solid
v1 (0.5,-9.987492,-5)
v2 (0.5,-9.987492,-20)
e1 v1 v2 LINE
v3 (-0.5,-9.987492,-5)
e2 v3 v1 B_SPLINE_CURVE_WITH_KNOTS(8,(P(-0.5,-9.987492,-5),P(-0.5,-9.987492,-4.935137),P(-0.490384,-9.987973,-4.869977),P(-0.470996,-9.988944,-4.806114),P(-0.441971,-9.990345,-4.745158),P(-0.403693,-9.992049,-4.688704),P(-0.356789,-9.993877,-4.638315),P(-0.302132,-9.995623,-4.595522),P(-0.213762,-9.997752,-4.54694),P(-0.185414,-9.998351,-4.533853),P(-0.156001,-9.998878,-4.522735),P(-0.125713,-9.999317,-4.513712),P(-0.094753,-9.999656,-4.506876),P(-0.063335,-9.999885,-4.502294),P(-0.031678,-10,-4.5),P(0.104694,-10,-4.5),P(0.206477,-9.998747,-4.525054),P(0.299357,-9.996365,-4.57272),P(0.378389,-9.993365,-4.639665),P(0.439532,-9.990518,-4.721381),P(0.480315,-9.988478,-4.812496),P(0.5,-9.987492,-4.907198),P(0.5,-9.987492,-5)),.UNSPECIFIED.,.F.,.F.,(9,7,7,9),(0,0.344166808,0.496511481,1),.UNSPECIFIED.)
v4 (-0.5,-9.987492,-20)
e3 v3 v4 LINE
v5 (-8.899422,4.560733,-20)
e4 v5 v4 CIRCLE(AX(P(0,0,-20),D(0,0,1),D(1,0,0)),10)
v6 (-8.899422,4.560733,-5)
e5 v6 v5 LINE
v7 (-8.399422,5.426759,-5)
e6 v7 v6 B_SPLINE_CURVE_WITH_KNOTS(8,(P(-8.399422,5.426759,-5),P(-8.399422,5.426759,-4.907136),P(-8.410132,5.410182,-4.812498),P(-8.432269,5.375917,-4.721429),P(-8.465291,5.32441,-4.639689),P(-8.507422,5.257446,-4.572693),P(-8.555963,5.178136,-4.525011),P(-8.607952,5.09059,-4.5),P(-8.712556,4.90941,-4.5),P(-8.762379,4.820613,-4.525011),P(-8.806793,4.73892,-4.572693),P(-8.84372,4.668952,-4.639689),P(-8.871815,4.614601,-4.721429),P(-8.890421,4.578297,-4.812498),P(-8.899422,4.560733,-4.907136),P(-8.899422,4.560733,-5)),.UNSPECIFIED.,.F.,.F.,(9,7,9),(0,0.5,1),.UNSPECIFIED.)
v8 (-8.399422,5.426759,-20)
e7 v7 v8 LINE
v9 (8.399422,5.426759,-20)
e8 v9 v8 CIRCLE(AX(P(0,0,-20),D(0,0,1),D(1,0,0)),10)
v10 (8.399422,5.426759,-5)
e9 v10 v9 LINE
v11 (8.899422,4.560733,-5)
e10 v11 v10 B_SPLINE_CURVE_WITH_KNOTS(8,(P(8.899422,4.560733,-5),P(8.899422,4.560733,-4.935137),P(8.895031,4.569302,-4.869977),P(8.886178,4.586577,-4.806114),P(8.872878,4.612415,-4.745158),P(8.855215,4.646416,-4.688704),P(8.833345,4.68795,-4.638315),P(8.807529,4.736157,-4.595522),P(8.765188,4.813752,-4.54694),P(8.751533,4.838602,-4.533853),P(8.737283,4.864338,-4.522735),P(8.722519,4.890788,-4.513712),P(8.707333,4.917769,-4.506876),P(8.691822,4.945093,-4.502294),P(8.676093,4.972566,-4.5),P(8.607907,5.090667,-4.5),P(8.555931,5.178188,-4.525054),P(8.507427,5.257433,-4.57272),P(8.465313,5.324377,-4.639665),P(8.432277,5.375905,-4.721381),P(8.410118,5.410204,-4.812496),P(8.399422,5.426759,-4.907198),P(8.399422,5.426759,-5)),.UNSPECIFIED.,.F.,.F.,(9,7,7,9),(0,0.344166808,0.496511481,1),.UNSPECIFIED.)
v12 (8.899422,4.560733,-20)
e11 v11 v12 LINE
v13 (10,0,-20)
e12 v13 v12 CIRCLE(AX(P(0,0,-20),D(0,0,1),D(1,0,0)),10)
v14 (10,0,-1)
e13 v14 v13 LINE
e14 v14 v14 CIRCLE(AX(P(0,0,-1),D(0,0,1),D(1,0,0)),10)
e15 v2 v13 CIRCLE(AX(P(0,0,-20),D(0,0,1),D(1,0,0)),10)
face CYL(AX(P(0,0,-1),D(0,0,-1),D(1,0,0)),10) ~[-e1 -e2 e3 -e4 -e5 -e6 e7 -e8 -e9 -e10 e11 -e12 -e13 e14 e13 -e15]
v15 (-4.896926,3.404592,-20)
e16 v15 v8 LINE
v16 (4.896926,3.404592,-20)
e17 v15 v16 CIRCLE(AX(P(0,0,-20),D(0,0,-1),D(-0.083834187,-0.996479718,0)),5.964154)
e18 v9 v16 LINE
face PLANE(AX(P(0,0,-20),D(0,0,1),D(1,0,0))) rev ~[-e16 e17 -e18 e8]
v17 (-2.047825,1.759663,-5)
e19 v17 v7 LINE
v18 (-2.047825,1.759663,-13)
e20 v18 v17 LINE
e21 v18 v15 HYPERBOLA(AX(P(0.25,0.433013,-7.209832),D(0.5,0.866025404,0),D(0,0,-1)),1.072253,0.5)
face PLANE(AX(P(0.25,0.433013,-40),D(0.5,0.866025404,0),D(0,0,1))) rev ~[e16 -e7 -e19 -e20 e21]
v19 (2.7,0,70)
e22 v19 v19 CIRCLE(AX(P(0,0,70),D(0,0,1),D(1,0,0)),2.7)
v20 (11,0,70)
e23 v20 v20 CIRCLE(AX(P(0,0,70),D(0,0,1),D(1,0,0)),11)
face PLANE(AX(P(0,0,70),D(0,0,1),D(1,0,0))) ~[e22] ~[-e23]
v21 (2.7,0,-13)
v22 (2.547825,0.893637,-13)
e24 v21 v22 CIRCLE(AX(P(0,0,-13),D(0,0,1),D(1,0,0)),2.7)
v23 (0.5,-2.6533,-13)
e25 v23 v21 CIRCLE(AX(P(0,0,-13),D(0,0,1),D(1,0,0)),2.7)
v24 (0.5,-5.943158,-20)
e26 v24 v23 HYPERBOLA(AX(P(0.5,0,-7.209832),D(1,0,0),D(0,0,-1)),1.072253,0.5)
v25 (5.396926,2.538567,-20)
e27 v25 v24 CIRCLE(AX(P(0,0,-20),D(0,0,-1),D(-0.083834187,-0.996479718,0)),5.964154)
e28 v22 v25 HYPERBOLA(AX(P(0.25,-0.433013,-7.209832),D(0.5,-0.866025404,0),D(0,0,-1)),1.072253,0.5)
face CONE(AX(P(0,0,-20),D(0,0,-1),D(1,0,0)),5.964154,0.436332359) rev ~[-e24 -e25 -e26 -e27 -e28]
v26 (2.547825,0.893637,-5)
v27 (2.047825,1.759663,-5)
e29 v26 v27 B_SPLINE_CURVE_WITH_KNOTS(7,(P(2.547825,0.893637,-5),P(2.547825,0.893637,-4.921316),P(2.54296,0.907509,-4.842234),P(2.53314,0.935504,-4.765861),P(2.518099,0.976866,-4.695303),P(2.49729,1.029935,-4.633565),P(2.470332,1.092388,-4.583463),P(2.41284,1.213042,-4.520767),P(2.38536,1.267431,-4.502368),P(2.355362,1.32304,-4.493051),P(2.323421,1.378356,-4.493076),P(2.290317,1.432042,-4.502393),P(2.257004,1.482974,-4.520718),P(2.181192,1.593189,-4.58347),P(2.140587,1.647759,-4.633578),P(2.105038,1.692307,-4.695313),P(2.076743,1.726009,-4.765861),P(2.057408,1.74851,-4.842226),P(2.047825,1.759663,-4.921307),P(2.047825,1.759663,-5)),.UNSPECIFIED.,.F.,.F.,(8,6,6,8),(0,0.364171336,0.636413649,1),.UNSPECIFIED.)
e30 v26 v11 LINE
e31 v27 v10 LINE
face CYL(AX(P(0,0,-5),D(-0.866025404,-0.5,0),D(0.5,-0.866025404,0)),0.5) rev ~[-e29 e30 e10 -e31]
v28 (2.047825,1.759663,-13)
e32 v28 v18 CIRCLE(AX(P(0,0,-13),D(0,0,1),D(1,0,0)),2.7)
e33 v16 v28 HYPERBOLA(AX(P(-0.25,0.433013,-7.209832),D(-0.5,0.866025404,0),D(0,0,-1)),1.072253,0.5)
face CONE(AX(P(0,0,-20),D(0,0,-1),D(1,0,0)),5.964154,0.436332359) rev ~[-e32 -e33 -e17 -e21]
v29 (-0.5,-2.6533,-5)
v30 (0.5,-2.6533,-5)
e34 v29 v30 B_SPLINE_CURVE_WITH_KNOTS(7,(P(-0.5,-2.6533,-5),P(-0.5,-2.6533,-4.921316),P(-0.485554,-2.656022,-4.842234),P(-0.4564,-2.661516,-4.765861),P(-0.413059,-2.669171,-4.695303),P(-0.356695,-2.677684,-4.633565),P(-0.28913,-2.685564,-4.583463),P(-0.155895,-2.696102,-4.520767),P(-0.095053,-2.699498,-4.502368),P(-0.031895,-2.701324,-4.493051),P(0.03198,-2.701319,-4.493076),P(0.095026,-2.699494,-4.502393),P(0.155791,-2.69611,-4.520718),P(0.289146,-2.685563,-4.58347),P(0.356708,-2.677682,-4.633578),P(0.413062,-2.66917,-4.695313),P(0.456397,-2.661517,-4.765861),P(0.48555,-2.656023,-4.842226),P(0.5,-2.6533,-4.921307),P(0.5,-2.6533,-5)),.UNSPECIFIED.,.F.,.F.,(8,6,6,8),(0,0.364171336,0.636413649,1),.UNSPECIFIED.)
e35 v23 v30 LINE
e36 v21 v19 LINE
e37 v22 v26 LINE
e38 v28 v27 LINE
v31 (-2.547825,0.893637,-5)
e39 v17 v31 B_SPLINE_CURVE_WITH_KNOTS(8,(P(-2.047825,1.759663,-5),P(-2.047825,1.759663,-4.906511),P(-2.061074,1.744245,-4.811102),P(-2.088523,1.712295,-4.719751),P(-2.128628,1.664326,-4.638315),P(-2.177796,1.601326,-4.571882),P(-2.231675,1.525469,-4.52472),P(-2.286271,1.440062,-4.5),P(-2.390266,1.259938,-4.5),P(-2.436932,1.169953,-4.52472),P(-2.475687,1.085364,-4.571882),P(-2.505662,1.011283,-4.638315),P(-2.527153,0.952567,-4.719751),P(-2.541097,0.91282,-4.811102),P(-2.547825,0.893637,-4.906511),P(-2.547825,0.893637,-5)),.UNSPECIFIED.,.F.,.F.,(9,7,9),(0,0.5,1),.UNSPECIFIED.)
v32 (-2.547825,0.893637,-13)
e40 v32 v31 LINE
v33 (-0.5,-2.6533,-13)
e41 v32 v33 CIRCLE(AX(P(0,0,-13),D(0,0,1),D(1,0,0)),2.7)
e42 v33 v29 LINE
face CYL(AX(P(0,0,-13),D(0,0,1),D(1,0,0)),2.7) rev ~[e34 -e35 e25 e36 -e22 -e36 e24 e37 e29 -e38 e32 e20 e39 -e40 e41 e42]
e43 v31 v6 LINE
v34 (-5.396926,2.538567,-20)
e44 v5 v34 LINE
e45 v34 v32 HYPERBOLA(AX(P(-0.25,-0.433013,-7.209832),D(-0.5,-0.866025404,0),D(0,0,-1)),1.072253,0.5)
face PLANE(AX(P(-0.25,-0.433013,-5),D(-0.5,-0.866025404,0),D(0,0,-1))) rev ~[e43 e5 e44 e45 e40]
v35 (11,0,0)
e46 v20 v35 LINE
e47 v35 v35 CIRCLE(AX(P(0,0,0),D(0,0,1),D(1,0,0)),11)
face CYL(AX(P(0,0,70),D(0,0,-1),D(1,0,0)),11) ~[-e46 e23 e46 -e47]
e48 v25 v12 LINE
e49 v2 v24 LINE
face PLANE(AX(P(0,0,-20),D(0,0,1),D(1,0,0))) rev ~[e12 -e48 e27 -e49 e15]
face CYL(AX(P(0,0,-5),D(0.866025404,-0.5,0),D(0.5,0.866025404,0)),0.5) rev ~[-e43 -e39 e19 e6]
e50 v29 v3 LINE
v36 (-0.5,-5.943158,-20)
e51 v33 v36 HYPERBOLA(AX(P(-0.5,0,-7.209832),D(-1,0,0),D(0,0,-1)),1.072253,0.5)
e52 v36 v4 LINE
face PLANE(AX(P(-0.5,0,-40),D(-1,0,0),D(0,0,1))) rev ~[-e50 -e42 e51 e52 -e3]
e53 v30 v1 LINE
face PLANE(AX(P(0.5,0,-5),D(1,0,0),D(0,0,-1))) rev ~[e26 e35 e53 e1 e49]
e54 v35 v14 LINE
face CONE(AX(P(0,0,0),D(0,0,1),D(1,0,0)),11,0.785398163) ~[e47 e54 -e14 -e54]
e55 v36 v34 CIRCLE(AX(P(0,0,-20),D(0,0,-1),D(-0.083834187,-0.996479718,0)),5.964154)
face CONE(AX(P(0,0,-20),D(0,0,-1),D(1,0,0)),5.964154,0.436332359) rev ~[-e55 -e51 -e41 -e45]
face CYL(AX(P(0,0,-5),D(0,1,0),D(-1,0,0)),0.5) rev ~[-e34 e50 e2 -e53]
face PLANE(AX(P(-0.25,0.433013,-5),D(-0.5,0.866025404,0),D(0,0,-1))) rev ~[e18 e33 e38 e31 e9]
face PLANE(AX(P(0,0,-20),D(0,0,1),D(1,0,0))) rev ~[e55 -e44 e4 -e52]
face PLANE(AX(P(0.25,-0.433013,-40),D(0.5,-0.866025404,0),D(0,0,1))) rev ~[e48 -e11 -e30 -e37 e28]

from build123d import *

# Parameters (mm, degrees)
POCKET_DEPTH       = 201.453094
POLARPATTERN_COUNT = 3


with BuildPart() as part:
    # Sketch → Revolution (revolve)
    with BuildSketch(Plane.XZ):
        Polygon((2.7, 70), (11, 70), (11, 0), (10, -1), (10, -20), (5.964154, -20), (2.7, -13), align=None)
    revolve(axis=Axis((0, 0, 0), (0, 0, 1)))

    # Sketch001 (on DatumPlane) → Pocket (cut, through all)
    with BuildSketch(Plane(origin=(0, 0, -20), x_dir=(1, 0, 0), z_dir=(0, 1, 0))):
        with BuildLine():
            Line((0.5, -15), (0.5, 20))
            Line((0.5, 20), (-0.5, 20))
            Line((-0.5, 20), (-0.5, -15))
            ThreePointArc((-0.5, -15), (0, -15.5), (0.5, -15))
        make_face()
    pocket = extrude(amount=-POCKET_DEPTH, mode=Mode.SUBTRACT)

    # PolarPattern: Pocket ×3 about axis
    polarpattern_axis = Axis((0, 0, 0), (0, 0, 1))
    for i in range(1, POLARPATTERN_COUNT):
        add(pocket.rotate(polarpattern_axis, i * 360 / POLARPATTERN_COUNT), mode=Mode.SUBTRACT)


solid = part.part
